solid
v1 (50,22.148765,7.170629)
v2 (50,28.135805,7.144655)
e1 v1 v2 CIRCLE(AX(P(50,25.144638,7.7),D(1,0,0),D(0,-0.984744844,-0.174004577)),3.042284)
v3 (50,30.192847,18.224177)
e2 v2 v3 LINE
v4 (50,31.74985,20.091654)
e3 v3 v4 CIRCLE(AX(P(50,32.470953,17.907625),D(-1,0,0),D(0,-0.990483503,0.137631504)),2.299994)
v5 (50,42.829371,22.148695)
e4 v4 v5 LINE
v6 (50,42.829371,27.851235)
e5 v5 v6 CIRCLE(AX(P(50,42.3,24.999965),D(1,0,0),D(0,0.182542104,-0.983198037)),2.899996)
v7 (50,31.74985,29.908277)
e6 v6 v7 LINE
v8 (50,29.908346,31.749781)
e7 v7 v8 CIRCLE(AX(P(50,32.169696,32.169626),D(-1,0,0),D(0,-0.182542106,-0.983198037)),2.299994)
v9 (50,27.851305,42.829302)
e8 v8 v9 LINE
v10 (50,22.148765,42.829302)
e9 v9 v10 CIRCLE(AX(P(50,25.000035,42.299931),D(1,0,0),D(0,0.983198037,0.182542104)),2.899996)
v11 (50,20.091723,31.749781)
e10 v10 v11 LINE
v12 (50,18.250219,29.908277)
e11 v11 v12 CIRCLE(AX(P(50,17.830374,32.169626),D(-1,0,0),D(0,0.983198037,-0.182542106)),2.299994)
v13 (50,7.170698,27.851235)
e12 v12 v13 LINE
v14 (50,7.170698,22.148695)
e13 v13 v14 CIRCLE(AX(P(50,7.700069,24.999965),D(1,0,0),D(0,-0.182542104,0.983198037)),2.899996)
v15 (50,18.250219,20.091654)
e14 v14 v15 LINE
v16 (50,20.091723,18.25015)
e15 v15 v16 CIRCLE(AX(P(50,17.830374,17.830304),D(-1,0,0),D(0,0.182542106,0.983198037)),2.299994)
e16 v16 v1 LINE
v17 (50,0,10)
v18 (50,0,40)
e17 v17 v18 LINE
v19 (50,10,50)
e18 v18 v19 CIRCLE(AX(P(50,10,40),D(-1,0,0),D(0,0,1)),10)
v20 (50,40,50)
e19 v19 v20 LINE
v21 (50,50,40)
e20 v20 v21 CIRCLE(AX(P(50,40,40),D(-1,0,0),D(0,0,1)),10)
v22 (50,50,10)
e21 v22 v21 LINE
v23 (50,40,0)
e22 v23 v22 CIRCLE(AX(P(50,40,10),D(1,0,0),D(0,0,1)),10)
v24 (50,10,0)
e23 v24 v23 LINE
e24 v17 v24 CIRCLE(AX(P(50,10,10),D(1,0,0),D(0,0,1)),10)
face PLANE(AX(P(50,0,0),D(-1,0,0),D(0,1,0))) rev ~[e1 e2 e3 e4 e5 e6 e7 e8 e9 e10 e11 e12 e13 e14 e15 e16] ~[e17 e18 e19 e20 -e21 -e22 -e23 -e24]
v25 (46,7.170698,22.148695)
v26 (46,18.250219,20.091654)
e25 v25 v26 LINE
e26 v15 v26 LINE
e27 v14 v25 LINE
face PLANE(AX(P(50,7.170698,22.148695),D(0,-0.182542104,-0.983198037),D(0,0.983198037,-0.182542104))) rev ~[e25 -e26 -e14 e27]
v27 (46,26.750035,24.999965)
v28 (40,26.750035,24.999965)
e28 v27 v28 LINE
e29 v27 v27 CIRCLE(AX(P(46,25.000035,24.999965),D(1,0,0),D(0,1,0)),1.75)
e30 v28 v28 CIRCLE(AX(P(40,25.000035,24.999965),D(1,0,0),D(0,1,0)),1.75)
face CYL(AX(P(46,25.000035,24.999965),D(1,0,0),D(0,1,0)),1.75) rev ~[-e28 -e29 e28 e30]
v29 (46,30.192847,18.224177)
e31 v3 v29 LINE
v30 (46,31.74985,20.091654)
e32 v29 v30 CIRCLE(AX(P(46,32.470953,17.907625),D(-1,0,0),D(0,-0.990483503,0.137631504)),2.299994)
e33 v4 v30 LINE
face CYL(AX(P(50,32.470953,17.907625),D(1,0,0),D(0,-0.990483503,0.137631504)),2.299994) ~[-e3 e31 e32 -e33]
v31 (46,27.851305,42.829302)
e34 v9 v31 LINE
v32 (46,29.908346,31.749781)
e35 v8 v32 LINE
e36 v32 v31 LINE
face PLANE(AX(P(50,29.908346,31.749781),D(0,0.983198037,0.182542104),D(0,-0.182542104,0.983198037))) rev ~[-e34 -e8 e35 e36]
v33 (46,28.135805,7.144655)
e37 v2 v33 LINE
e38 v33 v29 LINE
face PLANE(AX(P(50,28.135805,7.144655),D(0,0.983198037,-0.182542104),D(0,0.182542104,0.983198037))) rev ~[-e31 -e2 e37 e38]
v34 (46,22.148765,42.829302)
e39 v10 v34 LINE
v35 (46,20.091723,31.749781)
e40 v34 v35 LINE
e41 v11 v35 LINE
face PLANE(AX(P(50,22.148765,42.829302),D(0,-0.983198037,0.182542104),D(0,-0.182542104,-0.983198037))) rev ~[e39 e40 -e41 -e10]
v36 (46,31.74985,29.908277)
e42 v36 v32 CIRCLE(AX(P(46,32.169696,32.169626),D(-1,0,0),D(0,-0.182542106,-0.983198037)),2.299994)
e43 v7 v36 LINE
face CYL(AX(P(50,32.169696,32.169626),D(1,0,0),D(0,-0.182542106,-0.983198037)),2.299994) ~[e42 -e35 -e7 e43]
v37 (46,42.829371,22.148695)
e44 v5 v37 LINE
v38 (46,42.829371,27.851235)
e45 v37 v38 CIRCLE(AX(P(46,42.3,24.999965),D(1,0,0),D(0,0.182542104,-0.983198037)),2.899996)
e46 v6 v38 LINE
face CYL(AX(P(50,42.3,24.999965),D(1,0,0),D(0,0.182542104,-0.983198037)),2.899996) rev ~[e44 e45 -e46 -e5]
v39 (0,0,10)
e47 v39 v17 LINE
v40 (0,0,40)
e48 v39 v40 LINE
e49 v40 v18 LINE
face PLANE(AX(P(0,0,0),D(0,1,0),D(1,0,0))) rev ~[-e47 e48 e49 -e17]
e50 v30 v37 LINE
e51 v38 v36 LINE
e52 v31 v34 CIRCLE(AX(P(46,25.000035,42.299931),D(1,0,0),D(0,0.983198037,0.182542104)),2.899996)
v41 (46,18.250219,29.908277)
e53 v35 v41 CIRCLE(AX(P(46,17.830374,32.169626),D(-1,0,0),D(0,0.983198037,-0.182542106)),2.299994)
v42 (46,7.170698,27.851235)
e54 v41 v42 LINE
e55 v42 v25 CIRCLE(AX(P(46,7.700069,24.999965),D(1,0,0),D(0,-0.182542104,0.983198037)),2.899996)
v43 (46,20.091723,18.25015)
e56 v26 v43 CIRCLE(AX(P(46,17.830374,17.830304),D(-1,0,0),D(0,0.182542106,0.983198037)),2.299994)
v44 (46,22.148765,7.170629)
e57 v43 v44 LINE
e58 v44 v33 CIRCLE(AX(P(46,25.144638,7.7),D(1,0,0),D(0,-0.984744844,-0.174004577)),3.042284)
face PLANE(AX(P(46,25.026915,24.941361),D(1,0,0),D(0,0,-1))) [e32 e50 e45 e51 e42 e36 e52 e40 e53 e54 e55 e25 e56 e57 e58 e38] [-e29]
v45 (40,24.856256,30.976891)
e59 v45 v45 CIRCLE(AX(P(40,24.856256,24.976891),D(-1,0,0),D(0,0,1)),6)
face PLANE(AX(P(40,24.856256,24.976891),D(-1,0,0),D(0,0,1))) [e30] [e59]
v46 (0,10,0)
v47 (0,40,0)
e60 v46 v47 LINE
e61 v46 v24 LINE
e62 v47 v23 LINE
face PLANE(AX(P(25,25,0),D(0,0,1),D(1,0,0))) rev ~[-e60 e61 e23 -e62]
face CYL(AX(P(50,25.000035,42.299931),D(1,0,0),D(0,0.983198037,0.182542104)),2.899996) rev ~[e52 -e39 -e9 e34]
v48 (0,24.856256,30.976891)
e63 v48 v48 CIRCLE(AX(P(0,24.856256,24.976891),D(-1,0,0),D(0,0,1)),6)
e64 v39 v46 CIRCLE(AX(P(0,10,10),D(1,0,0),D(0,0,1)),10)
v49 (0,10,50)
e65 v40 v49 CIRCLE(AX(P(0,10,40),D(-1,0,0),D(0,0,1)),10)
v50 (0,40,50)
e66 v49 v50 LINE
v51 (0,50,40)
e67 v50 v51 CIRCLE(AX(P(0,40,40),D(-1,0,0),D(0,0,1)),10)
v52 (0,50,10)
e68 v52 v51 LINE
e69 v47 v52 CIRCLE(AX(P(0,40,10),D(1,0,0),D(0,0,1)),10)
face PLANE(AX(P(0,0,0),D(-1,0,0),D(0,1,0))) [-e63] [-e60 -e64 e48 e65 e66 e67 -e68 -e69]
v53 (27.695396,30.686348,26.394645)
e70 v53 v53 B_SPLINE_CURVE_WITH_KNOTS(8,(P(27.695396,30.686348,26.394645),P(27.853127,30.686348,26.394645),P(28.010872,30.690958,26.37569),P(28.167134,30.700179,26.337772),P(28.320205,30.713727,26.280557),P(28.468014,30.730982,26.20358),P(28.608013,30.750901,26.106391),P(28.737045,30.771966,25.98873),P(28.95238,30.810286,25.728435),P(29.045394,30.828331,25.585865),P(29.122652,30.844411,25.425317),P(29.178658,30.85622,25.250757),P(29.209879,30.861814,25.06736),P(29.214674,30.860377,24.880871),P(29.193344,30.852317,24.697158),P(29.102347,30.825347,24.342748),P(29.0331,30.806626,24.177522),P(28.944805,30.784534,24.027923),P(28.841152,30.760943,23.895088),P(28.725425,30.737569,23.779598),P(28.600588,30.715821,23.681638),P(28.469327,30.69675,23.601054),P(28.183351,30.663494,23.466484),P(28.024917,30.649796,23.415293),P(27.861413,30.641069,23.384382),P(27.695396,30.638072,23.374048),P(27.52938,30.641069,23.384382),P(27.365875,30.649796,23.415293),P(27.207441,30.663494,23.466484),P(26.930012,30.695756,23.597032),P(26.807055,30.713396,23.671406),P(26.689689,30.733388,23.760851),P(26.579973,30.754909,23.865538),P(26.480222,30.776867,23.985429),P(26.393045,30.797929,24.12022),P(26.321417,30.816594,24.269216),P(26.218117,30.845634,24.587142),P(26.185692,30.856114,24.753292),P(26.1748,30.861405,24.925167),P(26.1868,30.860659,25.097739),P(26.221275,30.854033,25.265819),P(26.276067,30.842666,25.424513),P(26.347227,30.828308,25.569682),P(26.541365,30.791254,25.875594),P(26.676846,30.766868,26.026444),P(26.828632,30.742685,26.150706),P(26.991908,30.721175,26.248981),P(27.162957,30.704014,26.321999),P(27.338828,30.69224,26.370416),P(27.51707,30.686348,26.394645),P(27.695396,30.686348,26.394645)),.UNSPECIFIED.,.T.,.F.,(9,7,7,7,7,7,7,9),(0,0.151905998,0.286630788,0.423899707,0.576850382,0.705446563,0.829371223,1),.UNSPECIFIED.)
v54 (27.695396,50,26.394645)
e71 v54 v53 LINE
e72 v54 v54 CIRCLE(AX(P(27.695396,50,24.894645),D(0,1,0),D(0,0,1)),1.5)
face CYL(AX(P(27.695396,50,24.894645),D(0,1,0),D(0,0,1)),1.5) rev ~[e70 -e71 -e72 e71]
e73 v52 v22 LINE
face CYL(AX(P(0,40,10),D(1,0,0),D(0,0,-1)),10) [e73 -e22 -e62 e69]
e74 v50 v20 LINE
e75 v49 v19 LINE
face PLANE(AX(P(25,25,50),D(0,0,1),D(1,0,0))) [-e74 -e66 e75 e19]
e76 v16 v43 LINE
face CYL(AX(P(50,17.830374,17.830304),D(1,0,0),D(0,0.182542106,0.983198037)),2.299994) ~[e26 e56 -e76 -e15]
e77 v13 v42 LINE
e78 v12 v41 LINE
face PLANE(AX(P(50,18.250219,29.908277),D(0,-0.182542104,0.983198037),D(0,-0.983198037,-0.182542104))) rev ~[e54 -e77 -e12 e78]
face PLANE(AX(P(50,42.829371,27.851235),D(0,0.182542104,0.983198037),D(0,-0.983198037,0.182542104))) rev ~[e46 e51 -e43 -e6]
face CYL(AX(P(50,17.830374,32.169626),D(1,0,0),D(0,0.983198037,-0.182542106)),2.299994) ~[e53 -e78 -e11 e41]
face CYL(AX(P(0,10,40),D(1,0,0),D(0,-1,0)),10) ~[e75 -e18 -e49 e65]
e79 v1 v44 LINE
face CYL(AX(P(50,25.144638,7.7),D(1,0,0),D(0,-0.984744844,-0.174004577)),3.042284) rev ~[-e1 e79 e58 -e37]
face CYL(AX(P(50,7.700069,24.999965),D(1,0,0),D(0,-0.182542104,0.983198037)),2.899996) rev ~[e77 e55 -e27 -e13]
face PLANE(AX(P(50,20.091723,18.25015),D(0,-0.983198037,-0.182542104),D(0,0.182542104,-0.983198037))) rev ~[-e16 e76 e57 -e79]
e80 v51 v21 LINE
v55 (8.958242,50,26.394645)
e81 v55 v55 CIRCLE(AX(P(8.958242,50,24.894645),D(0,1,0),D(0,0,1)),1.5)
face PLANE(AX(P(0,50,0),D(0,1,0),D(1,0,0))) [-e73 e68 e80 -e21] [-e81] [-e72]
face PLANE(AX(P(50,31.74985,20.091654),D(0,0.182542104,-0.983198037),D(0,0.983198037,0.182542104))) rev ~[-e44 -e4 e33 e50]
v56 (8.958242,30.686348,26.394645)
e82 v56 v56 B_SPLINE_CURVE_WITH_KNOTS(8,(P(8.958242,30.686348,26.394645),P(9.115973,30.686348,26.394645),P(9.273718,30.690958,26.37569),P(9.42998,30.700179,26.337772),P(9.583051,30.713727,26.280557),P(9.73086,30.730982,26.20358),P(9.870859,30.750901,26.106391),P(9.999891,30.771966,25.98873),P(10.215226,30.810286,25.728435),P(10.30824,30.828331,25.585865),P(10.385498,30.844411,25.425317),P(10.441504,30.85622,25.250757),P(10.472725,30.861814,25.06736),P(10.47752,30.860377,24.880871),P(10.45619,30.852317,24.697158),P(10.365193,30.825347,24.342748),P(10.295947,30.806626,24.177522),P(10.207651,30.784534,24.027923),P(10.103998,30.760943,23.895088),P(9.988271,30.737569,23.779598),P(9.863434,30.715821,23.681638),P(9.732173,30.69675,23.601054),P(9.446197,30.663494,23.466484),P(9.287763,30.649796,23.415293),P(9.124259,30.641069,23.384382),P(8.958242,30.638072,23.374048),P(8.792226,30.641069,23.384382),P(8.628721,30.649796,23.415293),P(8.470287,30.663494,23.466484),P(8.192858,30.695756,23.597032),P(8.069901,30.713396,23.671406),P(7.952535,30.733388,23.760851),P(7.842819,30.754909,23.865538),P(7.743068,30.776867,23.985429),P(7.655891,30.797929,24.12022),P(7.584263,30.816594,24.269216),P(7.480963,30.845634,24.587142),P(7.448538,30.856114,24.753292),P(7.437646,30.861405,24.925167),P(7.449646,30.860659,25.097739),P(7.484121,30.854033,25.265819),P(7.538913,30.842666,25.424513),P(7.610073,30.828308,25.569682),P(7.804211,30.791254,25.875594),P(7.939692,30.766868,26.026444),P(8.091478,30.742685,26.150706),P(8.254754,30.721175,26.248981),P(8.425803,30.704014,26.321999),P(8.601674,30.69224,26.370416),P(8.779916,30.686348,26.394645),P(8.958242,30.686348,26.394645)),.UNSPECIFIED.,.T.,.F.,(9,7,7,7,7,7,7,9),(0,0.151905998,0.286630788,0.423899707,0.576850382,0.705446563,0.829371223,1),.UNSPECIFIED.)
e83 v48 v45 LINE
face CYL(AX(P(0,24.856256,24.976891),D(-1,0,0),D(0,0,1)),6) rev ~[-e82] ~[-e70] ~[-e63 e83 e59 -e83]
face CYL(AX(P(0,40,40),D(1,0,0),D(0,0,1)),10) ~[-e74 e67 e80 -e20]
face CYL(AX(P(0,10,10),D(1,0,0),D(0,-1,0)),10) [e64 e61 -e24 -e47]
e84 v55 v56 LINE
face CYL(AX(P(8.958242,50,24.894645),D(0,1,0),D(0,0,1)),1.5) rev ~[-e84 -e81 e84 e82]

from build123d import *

# Parameters (mm, degrees)
ESQUISSE1_W             = 50
ESQUISSE1_H             = 50
BOSS_EXTRU_1_DEPTH      = 50
ESQUISSE2_R             = 6
ENL_V_MAT_EXTRU_1_DEPTH = 40
CONG_1_R                = 10
ESQUISSE3_R             = 1.5
ENL_V_MAT_EXTRU_2_DEPTH = 21
ENL_V_MAT_EXTRU_3_DEPTH = 4
ESQUISSE5_R             = 1.75
ENL_V_MAT_EXTRU_4_DEPTH = 90


with BuildPart() as part:
    # Esquisse1 → Boss.-Extru.1 (new body)
    with BuildSketch(Plane.XY):
        with Locations((25, 25)):
            Rectangle(ESQUISSE1_W, ESQUISSE1_H)
    extrude(amount=BOSS_EXTRU_1_DEPTH)

    # Esquisse2 → Enlèv. mat.-Extru.1 (cut)
    with BuildSketch(Plane.ZY):
        with Locations((24.976890997, 24.856256207)):
            Circle(ESQUISSE2_R)
    extrude(amount=-ENL_V_MAT_EXTRU_1_DEPTH, mode=Mode.SUBTRACT)

    # Congé1
    cong_1_edges = [part.edges().sort_by_distance(p)[0] for p in [
        (25, 50, 50),
        (25, 50, 0),
        (25, 0, 0),
        (25, 0, 50),
    ]]
    fillet(cong_1_edges, radius=CONG_1_R)

    # Esquisse3 → Enlèv. mat.-Extru.2 (cut)
    with BuildSketch(Plane(origin=(0, 50, 0), x_dir=(1, 0, 0), z_dir=(0, 1, 0))):
        with Locations(Location((8.958242403, -24.894645172, 0), (0, 0, 270))):
            Circle(ESQUISSE3_R)
        with Locations(Location((27.695396355, -24.894645172, 0), (0, 0, 270))):
            Circle(ESQUISSE3_R)
    extrude(amount=-ENL_V_MAT_EXTRU_2_DEPTH, mode=Mode.SUBTRACT)

    # Esquisse4 → Enlèv. mat.-Extru.3 (cut)
    with BuildSketch(Plane(origin=(50, 0, 0), x_dir=(0, 0, -1), z_dir=(1, 0, 0))):
        with BuildLine():
            Line((-7.144655121, 28.135805281), (-18.224176514, 30.192846764))
            ThreePointArc((-18.224176514, 30.192846764), (-19.380476075, 30.704407729), (-20.091653936, 31.749849906))
            Line((-20.091653936, 31.749849906), (-22.148695418, 42.829371299))
            ThreePointArc((-22.148695418, 42.829371299), (-24.9999654, 45.1999956), (-27.851235382, 42.829371299))
            Line((-27.851235382, 42.829371299), (-29.908276864, 31.749849906))
            ThreePointArc((-29.908276864, 31.749849906), (-30.543285097, 30.543354297), (-31.749780706, 29.908346064))
            Line((-31.749780706, 29.908346064), (-42.829302099, 27.851304582))
            ThreePointArc((-42.829302099, 27.851304582), (-45.1999264, 25.0000346), (-42.829302099, 22.148764618))
            Line((-42.829302099, 22.148764618), (-31.749780706, 20.091723136))
            ThreePointArc((-31.749780706, 20.091723136), (-30.543285097, 19.456714903), (-29.908276864, 18.250219294))
            Line((-29.908276864, 18.250219294), (-27.851235382, 7.170697901))
            ThreePointArc((-27.851235382, 7.170697901), (-24.9999654, 4.8000736), (-22.148695418, 7.170697901))
            Line((-22.148695418, 7.170697901), (-20.091653936, 18.250219294))
            ThreePointArc((-20.091653936, 18.250219294), (-19.456645703, 19.456714903), (-18.250150094, 20.091723136))
            Line((-18.250150094, 20.091723136), (-7.170628701, 22.148764618))
            ThreePointArc((-7.170628701, 22.148764618), (-4.657744871, 25.131439646), (-7.144655121, 28.135805281))
        make_face()
    extrude(amount=-ENL_V_MAT_EXTRU_3_DEPTH, mode=Mode.SUBTRACT)

    # Esquisse5 → Enlèv. mat.-Extru.4 (cut)
    with BuildSketch(Plane(origin=(46, 0, 0), x_dir=(0, 0, -1), z_dir=(1, 0, 0))):
        with Locations(Location((-24.9999654, 25.0000346, 0), (0, 0, 90))):
            Circle(ESQUISSE5_R)
    extrude(amount=-ENL_V_MAT_EXTRU_4_DEPTH, mode=Mode.SUBTRACT)


solid = part.part
